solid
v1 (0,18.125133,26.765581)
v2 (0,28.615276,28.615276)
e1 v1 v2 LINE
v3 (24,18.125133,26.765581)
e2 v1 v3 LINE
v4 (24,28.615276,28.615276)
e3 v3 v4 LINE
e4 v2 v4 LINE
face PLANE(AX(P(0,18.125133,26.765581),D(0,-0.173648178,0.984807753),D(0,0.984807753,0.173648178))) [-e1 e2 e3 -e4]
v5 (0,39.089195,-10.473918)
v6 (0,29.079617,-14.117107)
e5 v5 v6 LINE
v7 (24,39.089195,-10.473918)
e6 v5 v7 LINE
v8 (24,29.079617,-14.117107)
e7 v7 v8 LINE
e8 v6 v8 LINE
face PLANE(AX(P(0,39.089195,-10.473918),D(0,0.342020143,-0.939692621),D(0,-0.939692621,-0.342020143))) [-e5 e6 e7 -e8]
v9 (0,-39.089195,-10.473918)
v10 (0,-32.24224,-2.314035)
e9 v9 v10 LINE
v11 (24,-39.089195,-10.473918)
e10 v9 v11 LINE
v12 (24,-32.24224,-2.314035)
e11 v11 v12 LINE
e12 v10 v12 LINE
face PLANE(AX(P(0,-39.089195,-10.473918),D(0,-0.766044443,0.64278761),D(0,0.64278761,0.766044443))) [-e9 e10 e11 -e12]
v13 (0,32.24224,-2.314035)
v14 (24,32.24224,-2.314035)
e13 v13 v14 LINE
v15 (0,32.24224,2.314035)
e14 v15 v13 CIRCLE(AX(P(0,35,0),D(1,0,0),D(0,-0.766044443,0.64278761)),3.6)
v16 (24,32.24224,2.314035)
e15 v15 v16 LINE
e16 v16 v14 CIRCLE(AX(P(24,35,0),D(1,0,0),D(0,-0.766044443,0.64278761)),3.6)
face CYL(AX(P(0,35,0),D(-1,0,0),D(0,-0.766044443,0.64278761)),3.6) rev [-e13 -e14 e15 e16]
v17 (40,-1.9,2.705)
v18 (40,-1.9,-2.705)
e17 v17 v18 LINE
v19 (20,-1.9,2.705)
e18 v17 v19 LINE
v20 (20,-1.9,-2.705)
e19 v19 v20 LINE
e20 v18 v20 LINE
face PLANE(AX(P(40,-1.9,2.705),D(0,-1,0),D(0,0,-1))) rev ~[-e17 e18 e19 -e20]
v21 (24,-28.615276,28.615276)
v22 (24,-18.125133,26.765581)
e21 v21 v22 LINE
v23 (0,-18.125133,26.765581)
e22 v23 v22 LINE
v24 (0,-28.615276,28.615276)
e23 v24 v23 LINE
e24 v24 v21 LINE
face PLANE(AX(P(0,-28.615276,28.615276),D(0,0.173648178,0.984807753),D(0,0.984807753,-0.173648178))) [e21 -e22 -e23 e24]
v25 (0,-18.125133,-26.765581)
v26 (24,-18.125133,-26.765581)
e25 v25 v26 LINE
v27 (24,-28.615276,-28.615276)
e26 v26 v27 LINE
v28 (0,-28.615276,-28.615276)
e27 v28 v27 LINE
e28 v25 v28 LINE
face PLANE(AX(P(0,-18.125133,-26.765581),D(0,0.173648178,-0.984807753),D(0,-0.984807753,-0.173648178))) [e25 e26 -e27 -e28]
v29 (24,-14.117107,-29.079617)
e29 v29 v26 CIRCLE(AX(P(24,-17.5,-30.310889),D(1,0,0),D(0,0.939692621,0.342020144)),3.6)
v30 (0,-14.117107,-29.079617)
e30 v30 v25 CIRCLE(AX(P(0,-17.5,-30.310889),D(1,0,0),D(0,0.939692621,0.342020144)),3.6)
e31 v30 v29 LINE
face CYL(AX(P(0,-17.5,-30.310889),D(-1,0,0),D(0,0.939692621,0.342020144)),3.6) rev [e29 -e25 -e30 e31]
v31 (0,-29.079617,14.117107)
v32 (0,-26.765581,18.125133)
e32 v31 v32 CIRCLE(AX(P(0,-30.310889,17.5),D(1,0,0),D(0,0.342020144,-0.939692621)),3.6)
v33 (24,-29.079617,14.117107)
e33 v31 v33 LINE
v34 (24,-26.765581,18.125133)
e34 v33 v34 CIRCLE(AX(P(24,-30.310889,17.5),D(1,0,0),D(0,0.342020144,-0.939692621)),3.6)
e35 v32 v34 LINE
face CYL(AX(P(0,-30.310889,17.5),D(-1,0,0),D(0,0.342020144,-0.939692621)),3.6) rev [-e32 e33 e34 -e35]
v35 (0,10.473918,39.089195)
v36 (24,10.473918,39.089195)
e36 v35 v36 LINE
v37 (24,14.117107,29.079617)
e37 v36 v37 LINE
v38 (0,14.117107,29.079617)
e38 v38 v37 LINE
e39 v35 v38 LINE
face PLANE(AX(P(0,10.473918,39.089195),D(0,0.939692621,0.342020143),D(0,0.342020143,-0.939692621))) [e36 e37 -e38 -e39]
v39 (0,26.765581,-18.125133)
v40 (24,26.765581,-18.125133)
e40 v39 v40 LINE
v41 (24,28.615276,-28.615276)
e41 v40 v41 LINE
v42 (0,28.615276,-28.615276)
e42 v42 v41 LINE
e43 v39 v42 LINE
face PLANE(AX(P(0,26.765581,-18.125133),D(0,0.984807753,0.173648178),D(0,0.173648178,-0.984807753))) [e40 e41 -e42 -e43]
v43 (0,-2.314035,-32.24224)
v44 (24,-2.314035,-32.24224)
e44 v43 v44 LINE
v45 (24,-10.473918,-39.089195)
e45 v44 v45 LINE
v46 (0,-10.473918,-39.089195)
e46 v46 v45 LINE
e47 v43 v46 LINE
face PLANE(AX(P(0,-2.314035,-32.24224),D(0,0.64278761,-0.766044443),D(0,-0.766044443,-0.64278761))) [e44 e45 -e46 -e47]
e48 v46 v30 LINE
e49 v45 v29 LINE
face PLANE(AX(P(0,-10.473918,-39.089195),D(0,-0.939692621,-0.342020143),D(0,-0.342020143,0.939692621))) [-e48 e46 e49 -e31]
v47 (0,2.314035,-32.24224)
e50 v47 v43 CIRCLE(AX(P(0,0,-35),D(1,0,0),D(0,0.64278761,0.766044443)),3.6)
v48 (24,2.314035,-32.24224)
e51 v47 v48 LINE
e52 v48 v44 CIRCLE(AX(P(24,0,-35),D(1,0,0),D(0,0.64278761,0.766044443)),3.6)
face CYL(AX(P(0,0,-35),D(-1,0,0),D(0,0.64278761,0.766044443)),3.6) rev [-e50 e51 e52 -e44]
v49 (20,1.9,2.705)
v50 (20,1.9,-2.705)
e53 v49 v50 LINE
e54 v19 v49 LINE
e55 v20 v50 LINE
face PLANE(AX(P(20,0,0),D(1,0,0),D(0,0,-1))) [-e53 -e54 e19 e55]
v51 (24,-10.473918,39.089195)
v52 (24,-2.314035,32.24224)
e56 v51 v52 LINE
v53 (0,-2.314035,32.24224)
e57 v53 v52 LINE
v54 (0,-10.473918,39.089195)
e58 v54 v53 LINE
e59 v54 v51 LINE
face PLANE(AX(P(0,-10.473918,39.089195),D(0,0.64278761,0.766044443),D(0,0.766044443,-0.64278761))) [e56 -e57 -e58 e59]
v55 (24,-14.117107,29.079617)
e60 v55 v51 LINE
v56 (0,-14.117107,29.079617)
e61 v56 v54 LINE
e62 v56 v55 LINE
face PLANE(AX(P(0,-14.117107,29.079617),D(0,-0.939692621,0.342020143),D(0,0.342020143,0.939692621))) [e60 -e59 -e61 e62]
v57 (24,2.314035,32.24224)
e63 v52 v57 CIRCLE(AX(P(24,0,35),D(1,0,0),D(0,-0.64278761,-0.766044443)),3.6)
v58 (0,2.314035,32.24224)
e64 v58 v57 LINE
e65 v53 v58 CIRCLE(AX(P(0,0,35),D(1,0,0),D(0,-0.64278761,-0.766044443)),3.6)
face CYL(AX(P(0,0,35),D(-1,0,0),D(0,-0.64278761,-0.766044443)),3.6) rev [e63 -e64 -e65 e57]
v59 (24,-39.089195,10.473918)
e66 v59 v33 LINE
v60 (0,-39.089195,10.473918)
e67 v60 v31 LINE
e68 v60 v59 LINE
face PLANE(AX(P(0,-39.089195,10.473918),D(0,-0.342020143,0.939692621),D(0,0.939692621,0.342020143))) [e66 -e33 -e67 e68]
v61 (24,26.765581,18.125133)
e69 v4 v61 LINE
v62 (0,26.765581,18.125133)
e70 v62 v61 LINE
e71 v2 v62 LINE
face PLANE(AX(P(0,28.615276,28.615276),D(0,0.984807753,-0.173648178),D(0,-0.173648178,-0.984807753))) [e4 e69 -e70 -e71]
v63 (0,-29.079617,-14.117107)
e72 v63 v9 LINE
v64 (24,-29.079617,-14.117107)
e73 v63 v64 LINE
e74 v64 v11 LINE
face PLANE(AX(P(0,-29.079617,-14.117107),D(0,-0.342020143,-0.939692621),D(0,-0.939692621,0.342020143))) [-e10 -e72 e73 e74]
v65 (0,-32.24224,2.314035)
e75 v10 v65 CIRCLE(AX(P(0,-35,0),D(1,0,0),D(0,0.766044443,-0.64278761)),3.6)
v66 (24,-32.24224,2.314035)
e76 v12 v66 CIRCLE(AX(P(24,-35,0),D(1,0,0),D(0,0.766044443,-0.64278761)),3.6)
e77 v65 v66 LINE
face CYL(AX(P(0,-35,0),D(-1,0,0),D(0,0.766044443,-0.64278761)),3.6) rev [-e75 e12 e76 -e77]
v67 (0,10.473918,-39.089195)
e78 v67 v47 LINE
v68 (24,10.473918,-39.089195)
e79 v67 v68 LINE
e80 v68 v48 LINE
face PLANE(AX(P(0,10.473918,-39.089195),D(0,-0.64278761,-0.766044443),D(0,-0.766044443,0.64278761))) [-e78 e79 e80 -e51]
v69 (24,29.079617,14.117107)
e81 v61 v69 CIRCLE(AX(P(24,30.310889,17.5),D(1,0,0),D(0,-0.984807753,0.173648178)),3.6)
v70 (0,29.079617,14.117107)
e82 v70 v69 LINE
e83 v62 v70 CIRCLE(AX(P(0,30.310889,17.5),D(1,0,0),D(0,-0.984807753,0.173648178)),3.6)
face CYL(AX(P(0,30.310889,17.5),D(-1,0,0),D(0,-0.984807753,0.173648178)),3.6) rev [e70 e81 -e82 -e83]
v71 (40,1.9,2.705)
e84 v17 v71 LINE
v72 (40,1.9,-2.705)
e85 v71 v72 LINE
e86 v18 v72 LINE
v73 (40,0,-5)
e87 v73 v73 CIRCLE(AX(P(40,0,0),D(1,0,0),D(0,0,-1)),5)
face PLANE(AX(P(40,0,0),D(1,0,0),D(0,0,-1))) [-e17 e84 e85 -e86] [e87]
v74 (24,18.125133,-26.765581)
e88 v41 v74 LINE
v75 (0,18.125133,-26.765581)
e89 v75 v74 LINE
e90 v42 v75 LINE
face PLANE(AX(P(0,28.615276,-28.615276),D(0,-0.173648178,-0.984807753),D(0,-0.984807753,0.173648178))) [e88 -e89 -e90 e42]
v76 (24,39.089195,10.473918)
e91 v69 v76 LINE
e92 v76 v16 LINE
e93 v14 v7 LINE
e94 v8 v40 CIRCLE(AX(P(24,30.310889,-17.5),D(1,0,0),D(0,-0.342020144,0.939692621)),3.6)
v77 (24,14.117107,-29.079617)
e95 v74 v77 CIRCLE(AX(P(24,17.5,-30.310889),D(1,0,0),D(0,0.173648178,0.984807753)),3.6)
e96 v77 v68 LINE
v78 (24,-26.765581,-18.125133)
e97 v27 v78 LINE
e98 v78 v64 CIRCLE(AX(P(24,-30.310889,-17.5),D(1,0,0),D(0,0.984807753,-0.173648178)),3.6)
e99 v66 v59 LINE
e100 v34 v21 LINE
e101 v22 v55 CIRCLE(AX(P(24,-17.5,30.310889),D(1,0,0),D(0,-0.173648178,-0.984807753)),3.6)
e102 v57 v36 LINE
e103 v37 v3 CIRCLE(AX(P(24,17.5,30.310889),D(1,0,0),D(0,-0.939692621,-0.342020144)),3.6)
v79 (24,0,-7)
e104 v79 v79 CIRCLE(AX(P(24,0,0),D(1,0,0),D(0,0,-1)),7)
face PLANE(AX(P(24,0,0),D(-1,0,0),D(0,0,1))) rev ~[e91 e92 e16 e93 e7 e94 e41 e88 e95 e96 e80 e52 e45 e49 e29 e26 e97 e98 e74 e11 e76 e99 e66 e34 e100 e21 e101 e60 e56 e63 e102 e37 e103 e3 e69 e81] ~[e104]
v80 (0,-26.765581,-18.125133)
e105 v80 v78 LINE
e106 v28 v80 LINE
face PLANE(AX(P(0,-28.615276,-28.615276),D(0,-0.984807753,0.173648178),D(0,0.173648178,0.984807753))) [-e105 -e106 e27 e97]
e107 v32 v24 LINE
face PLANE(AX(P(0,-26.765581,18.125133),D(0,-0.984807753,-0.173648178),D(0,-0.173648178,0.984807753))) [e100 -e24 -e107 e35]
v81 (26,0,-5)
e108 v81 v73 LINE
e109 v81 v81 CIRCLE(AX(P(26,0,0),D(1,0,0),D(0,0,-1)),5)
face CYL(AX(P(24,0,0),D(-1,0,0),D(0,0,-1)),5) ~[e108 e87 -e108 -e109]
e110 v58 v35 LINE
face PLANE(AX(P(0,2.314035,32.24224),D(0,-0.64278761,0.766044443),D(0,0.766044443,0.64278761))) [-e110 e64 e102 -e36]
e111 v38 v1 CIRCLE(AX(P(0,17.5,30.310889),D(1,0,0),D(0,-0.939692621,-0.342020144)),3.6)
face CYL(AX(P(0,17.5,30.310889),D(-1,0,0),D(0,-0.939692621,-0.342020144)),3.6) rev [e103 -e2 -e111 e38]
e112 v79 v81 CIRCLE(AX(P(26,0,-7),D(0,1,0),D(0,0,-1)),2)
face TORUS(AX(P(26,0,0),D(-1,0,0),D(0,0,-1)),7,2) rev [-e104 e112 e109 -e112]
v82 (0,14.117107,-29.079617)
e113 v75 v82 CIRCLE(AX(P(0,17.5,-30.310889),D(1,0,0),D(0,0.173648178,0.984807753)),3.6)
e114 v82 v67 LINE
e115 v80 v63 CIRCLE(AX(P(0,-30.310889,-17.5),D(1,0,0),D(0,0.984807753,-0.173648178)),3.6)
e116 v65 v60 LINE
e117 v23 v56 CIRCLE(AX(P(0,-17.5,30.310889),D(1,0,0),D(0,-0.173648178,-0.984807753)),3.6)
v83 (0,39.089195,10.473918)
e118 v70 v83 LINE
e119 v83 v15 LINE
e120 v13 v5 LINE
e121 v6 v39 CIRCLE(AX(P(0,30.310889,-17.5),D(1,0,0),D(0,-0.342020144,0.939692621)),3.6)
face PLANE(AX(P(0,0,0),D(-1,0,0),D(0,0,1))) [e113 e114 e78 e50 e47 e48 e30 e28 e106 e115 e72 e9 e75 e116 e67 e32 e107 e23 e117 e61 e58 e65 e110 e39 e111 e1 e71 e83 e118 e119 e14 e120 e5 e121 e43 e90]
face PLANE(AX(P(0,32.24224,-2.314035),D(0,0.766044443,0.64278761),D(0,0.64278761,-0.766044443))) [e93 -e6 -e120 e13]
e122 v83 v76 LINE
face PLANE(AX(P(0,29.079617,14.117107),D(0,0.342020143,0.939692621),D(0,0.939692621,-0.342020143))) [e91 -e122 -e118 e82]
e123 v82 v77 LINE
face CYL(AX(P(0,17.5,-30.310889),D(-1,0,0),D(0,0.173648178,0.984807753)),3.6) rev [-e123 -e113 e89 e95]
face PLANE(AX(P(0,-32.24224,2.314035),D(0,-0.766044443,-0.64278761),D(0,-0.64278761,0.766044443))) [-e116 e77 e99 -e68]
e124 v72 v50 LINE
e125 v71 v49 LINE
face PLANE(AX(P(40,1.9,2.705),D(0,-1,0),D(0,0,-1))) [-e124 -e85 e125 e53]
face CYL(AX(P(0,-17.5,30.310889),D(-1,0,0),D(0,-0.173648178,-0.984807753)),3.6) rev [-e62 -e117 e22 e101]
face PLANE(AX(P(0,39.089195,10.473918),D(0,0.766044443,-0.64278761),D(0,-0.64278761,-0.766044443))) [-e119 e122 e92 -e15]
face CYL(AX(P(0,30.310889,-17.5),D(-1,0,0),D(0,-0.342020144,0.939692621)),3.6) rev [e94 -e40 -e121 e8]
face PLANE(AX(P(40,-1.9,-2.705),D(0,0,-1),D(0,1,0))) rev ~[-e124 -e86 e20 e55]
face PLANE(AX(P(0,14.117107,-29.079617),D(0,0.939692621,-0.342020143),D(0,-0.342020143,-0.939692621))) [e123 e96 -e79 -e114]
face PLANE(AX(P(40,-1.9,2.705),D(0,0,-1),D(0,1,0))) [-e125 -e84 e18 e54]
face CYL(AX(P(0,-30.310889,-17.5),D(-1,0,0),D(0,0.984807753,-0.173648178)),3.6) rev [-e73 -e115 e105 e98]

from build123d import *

# Parameters (mm, degrees)
BOSS_EXTRUDE1_DEPTH = 24
SKETCH2_R           = 5
BOSS_EXTRUDE2_DEPTH = 16
FILLET1_R           = 2
SKETCH4_W           = 5.41
SKETCH4_H           = 3.8
CUT_EXTRUDE1_DEPTH  = 20


with BuildPart() as part:
    # Sketch1 → Boss-Extrude1 (new body)
    with BuildSketch(Plane(origin=(0, 0, 0), x_dir=(0, 0, -1), z_dir=(1, 0, 0))):
        with BuildLine():
            Line((2.314035395, 32.242240005), (10.473918124, 39.089194593))
            Line((10.473918124, 39.089194593), (14.117106565, 29.079616616))
            ThreePointArc((14.117106565, 29.079616616), (15.7, 27.193197679), (18.12513344, 26.765581222))
            Line((18.12513344, 26.765581222), (28.615276469, 28.615276469))
            Line((28.615276469, 28.615276469), (26.765581222, 18.12513344))
            ThreePointArc((26.765581222, 18.12513344), (27.193197679, 15.7), (29.079616616, 14.117106565))
            Line((29.079616616, 14.117106565), (39.089194593, 10.473918124))
            Line((39.089194593, 10.473918124), (32.242240005, 2.314035395))
            ThreePointArc((32.242240005, 2.314035395), (31.4, 0), (32.242240005, -2.314035395))
            Line((32.242240005, -2.314035395), (39.089194593, -10.473918124))
            Line((39.089194593, -10.473918124), (29.079616616, -14.117106565))
            ThreePointArc((29.079616616, -14.117106565), (27.193197679, -15.7), (26.765581222, -18.12513344))
            Line((26.765581222, -18.12513344), (28.615276469, -28.615276469))
            Line((28.615276469, -28.615276469), (18.12513344, -26.765581222))
            ThreePointArc((18.12513344, -26.765581222), (15.7, -27.193197679), (14.117106565, -29.079616616))
            Line((14.117106565, -29.079616616), (10.473918124, -39.089194593))
            Line((10.473918124, -39.089194593), (2.314035395, -32.242240005))
            ThreePointArc((2.314035395, -32.242240005), (0, -31.4), (-2.314035395, -32.242240005))
            Line((-2.314035395, -32.242240005), (-10.473918124, -39.089194593))
            Line((-10.473918124, -39.089194593), (-14.117106565, -29.079616616))
            ThreePointArc((-14.117106565, -29.079616616), (-15.7, -27.193197679), (-18.12513344, -26.765581222))
            Line((-18.12513344, -26.765581222), (-28.615276469, -28.615276469))
            Line((-28.615276469, -28.615276469), (-26.765581222, -18.12513344))
            ThreePointArc((-26.765581222, -18.12513344), (-27.193197679, -15.7), (-29.079616616, -14.117106565))
            Line((-29.079616616, -14.117106565), (-39.089194593, -10.473918124))
            Line((-39.089194593, -10.473918124), (-32.242240005, -2.314035395))
            ThreePointArc((-32.242240005, -2.314035395), (-31.4, 0), (-32.242240005, 2.314035395))
            Line((-32.242240005, 2.314035395), (-39.089194593, 10.473918124))
            Line((-39.089194593, 10.473918124), (-29.079616616, 14.117106565))
            ThreePointArc((-29.079616616, 14.117106565), (-27.193197679, 15.7), (-26.765581222, 18.12513344))
            Line((-26.765581222, 18.12513344), (-28.615276469, 28.615276469))
            Line((-28.615276469, 28.615276469), (-18.12513344, 26.765581222))
            ThreePointArc((-18.12513344, 26.765581222), (-15.7, 27.193197679), (-14.117106565, 29.079616616))
            Line((-14.117106565, 29.079616616), (-10.473918124, 39.089194593))
            Line((-10.473918124, 39.089194593), (-2.314035395, 32.242240005))
            ThreePointArc((-2.314035395, 32.242240005), (0, 31.4), (2.314035395, 32.242240005))
        make_face()
    extrude(amount=BOSS_EXTRUDE1_DEPTH)

    # Sketch2 → Boss-Extrude2 (add)
    with BuildSketch(Plane(origin=(24, 0, 0), x_dir=(0, 0, -1), z_dir=(1, 0, 0))):
        Circle(SKETCH2_R)
    extrude(amount=BOSS_EXTRUDE2_DEPTH)

    # Fillet1
    fillet1_edges = [part.edges().sort_by_distance(p)[0] for p in [
        (24, 0, 5),
    ]]
    fillet(fillet1_edges, radius=FILLET1_R)

    # Sketch4 → Cut-Extrude1 (cut)
    with BuildSketch(Plane(origin=(40, 0, 0), x_dir=(0, 0, -1), z_dir=(1, 0, 0))):
        Rectangle(SKETCH4_W, SKETCH4_H)
    extrude(amount=-CUT_EXTRUDE1_DEPTH, mode=Mode.SUBTRACT)


solid = part.part
